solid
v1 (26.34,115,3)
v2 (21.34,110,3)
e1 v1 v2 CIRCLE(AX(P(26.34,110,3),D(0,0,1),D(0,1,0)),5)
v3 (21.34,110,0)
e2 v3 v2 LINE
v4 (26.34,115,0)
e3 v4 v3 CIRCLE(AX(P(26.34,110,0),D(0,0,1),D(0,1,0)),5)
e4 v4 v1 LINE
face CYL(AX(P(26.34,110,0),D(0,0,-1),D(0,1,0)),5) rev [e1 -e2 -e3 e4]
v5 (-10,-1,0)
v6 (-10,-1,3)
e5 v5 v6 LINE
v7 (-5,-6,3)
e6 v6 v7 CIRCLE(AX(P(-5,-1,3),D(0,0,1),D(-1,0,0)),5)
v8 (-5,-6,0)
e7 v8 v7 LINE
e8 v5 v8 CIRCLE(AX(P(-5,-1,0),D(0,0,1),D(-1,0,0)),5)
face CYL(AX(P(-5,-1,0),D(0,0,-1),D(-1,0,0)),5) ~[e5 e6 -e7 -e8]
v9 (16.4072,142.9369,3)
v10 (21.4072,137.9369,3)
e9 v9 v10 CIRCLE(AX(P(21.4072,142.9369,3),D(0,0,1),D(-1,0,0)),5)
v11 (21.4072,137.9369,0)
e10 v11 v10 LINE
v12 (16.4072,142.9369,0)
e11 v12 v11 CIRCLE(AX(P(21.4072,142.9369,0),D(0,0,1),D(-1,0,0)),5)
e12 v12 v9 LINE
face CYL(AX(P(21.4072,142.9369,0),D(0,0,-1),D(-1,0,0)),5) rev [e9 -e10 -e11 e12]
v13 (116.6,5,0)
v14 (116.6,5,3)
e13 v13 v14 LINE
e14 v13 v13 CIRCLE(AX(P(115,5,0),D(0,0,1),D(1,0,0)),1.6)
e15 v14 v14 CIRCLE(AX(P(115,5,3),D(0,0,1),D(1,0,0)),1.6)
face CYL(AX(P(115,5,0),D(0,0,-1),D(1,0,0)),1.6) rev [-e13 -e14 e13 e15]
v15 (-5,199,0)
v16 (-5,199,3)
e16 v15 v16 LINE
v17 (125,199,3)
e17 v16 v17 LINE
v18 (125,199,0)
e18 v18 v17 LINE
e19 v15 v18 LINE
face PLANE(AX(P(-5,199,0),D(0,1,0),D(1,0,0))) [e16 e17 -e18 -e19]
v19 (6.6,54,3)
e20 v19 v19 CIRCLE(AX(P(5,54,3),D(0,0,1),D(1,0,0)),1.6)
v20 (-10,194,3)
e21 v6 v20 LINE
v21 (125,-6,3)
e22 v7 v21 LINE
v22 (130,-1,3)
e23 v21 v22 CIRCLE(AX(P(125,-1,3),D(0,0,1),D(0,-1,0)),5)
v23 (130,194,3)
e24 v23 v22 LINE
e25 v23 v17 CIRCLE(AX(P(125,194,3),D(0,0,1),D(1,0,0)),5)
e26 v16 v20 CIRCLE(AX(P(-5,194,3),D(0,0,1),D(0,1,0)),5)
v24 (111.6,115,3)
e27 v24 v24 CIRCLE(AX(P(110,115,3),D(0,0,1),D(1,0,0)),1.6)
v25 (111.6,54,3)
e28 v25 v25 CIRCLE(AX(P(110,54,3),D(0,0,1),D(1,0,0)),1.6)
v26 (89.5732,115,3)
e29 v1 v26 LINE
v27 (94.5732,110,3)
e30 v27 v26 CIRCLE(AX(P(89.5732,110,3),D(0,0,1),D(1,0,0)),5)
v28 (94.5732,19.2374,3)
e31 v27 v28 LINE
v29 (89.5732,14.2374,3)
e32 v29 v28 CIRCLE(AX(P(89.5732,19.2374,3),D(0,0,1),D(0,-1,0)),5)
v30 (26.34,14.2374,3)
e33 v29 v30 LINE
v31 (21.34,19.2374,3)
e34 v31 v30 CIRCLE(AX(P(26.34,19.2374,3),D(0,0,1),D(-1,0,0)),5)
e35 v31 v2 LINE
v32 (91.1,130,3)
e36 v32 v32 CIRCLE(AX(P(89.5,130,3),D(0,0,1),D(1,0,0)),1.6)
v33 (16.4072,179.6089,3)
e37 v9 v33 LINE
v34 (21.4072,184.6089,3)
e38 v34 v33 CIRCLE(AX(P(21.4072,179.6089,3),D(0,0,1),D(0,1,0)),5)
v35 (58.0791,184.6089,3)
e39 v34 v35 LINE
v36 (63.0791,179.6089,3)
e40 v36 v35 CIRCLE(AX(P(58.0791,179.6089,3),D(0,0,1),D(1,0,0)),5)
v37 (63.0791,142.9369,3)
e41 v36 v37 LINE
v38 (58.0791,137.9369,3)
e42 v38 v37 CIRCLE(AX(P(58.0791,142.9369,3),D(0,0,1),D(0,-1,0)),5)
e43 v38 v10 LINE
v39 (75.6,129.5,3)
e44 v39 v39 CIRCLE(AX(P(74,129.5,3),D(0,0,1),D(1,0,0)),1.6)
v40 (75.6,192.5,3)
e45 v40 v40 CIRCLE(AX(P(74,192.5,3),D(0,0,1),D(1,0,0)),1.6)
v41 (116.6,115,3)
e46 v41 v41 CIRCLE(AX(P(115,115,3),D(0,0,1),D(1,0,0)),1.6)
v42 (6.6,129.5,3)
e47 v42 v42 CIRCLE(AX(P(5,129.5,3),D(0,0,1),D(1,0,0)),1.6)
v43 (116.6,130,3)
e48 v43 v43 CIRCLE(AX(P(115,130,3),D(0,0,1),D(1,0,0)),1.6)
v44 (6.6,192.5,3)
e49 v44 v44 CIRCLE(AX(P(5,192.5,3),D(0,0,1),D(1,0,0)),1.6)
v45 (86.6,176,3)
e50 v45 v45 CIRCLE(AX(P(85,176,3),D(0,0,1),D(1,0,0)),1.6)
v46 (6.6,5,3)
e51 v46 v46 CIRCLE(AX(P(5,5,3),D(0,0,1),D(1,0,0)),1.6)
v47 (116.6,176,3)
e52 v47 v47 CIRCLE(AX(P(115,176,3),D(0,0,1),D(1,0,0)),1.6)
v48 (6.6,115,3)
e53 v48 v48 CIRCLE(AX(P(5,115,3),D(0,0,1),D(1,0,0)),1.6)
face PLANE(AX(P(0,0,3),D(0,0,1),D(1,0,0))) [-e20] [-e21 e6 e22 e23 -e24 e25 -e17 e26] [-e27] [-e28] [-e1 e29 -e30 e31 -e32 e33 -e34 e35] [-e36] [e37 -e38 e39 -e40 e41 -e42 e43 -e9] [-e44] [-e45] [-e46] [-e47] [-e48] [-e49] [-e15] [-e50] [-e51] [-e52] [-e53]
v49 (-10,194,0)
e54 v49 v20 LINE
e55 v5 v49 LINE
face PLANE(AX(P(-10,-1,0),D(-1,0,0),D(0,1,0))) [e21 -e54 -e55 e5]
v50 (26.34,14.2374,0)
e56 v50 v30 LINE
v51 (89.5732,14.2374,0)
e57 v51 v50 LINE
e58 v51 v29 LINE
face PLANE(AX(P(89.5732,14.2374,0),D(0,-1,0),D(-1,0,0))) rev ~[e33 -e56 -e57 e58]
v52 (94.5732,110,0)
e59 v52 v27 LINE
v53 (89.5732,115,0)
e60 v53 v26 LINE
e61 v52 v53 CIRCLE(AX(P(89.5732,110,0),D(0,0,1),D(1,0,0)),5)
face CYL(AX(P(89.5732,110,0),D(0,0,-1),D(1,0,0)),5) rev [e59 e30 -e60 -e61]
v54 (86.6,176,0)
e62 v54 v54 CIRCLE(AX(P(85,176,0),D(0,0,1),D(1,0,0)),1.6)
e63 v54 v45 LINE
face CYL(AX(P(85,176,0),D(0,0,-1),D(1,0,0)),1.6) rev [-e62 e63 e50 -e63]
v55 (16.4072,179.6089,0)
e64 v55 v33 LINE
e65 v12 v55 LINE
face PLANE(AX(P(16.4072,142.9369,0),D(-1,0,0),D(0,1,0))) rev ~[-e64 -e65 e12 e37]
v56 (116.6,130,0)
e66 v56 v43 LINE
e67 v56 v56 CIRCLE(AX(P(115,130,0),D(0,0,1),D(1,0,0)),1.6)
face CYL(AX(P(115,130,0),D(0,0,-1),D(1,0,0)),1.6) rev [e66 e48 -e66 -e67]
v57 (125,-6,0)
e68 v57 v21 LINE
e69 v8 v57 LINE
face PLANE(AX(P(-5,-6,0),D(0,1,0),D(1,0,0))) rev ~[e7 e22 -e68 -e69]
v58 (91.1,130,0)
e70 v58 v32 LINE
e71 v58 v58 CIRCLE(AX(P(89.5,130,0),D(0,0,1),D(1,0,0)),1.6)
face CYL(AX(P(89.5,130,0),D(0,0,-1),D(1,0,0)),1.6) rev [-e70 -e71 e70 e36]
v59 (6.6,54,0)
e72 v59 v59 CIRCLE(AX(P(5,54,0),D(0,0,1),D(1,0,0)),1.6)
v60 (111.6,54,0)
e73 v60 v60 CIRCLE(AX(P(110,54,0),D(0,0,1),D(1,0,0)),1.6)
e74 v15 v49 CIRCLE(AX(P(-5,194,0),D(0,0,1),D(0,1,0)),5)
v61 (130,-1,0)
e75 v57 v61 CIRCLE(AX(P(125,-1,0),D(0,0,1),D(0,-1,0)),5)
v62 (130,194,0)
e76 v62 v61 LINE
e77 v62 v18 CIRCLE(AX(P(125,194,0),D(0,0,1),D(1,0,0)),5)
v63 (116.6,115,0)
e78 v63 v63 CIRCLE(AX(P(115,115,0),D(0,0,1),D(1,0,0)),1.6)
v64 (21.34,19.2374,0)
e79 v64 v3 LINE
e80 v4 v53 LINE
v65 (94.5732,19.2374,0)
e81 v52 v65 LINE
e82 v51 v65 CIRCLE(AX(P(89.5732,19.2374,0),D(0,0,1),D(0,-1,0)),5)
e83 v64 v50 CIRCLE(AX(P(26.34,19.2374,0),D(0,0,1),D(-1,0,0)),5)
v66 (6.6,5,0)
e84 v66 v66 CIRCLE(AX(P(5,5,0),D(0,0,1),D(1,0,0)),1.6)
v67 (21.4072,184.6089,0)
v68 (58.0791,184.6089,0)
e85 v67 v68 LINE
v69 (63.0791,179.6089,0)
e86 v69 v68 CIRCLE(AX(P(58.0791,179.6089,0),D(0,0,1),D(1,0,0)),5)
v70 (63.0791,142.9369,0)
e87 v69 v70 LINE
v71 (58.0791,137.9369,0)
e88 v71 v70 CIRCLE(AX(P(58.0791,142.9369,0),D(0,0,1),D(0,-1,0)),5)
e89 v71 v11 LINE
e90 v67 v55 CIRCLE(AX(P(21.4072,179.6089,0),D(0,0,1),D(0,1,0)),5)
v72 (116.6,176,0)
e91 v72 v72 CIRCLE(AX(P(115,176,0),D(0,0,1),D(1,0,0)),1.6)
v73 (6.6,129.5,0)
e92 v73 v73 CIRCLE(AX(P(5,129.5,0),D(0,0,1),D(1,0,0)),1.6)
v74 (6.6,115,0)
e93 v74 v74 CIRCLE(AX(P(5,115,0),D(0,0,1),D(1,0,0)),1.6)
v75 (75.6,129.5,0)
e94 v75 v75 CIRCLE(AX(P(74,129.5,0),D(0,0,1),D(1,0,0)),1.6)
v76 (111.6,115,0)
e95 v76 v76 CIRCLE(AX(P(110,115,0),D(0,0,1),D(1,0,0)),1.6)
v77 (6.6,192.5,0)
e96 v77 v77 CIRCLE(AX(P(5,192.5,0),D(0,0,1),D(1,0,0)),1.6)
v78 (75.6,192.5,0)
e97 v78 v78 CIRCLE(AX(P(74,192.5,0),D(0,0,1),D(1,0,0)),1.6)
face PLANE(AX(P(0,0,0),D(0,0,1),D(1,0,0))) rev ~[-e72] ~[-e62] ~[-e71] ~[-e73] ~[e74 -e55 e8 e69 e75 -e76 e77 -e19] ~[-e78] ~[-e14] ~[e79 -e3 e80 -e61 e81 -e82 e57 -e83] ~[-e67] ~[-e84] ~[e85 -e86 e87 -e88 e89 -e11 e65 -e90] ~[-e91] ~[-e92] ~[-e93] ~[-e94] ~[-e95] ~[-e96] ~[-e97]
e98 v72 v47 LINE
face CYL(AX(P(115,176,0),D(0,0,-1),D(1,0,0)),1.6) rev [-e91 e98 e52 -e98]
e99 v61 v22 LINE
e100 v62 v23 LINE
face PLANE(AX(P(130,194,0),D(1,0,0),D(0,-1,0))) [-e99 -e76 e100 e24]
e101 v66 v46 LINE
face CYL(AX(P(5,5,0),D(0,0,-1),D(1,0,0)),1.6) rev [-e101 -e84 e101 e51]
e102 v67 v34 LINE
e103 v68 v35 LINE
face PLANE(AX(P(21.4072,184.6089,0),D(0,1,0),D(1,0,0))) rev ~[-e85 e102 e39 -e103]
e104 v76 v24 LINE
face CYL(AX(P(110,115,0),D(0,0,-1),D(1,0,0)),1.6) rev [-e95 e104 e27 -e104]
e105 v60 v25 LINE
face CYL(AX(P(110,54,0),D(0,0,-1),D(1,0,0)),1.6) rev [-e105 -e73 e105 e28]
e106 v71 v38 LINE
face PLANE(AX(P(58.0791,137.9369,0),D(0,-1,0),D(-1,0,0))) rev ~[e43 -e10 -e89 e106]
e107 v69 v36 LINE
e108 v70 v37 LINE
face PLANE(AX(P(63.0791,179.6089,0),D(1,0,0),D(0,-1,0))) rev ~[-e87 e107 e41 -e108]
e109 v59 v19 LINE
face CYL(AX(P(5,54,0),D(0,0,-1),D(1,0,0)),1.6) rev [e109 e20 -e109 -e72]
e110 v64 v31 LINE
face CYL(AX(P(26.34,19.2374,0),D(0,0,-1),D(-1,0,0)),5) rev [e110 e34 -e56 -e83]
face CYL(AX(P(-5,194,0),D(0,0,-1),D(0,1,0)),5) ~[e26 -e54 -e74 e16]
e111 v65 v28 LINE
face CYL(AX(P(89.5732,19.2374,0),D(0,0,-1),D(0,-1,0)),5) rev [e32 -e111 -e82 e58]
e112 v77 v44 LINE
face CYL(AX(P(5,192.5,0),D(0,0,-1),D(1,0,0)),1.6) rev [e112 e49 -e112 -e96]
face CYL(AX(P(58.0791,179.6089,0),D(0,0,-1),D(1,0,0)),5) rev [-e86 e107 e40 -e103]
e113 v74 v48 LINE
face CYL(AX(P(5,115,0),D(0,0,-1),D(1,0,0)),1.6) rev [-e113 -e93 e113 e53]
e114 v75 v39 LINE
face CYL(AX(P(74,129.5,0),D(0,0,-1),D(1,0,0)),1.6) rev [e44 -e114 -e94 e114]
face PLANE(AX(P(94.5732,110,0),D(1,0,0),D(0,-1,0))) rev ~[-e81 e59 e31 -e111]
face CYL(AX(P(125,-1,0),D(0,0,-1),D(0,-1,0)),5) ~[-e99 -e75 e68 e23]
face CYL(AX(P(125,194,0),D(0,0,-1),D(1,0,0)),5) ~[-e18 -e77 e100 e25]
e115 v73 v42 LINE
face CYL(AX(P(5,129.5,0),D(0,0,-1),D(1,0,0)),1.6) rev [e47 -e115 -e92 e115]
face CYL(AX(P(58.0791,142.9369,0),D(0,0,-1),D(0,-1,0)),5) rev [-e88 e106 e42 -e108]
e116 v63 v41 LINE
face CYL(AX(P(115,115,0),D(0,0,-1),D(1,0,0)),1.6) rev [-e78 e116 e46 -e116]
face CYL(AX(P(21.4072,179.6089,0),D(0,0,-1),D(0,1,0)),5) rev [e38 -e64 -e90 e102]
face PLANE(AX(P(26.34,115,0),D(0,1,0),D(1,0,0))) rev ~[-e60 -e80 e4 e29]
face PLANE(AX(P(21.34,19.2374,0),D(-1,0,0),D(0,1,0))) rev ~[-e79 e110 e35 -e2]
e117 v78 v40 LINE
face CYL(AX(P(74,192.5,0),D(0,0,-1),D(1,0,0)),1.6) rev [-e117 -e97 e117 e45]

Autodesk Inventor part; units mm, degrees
ref_plane "YZ Plane" through (0, 0, 0) normal (1, 0, 0) x (0, 1, 0)
ref_plane "XZ Plane" through (0, 0, 0) normal (0, 1, 0) x (-1, 0, 0)
ref_plane "XY Plane" through (0, 0, 0) normal (0, 0, 1) x (1, 0, 0)
sketch "Эскиз1" plane through (0, 0, 0) normal (0, 0, 1) x (1, 0, 0)
  circle A0 centre (5, 5) radius 1.6
  circle A1 centre (115, 5) radius 1.6
  circle A2 centre (115, 115) radius 1.6
  circle A3 centre (5, 115) radius 1.6
  circle A4 centre (115, 130) radius 1.6
  circle A5 centre (89.5, 130) radius 1.6
  circle A6 centre (115, 176) radius 1.6
  circle A7 centre (85, 176) radius 1.6
  line L0 (5, 126) -> (1, 126)
  circle A8 centre (5, 192.5) radius 1.6
  circle A9 centre (74, 192.5) radius 1.6
  circle A10 centre (74, 129.5) radius 1.6
  circle A11 centre (5, 129.5) radius 1.6
  circle A12 centre (5, 54) radius 1.6
  circle A13 centre (110, 54) radius 1.6
  circle A14 centre (110, 115) radius 1.6
  line L1 (-10, -1) -> (-10, 194)
  line L2 (-5, 199) -> (125, 199)
  line L3 (130, 194) -> (130, -1)
  line L4 (-5, -6) -> (125, -6)
  arc A15 (-5, 199) -> (-10, 194) centre (-5, 194) ccw
  arc A16 (130, 194) -> (125, 199) centre (125, 194) ccw
  arc A17 (125, -6) -> (130, -1) centre (125, -1) ccw
  arc A18 (-10, -1) -> (-5, -6) centre (-5, -1) ccw
  line L5 (26.34, 115) -> (89.5732, 115)
  line L6 (94.5732, 110) -> (94.5732, 19.2374)
  line L7 (89.5732, 14.2374) -> (26.34, 14.2374)
  line L8 (21.34, 19.2374) -> (21.34, 110)
  line L9 (58.0791, 137.9369) -> (21.4072, 137.9369)
  line L10 (16.4072, 142.9369) -> (16.4072, 179.6089)
  line L11 (21.4072, 184.6089) -> (58.0791, 184.6089)
  line L12 (63.0791, 179.6089) -> (63.0791, 142.9369)
  arc A19 (21.4072, 184.6089) -> (16.4072, 179.6089) centre (21.4072, 179.6089) ccw
  arc A20 (63.0791, 179.6089) -> (58.0791, 184.6089) centre (58.0791, 179.6089) ccw
  arc A21 (58.0791, 137.9369) -> (63.0791, 142.9369) centre (58.0791, 142.9369) ccw
  arc A22 (16.4072, 142.9369) -> (21.4072, 137.9369) centre (21.4072, 142.9369) ccw
  arc A23 (26.34, 115) -> (21.34, 110) centre (26.34, 110) ccw
  arc A24 (21.34, 19.2374) -> (26.34, 14.2374) centre (26.34, 19.2374) ccw
  arc A25 (89.5732, 14.2374) -> (94.5732, 19.2374) centre (89.5732, 19.2374) ccw
  arc A26 (94.5732, 110) -> (89.5732, 115) centre (89.5732, 110) ccw
  point P0 (0, 0)
  point P1 (-10, -6)
  point P2 (-10, 199)
  dimension "d6" = 3.2
  dimension "d7" = 3.2
  dimension "d8" = 3.2
  dimension "d9" = 3.2
  dimension "d11" = 3.2
  dimension "d13" = 3.2
  dimension "d15" = 3.2
  dimension "d17" = 3.2
  dimension "d18" = 11
  dimension "d19" = 4
  dimension "d25" = 3.2
  dimension "d26" = 3.2
  dimension "d30" = 3.2
  dimension "d31" = 3.2
  dimension "d32" = 3.2
  dimension "d35" = 205
  dimension "d37" = 5
  dimension "d38" = 5
extrude "Выдавливание1" add sketch "Эскиз1" along normal blind 3
properties part number "Платформа для контроллера PERCo"
